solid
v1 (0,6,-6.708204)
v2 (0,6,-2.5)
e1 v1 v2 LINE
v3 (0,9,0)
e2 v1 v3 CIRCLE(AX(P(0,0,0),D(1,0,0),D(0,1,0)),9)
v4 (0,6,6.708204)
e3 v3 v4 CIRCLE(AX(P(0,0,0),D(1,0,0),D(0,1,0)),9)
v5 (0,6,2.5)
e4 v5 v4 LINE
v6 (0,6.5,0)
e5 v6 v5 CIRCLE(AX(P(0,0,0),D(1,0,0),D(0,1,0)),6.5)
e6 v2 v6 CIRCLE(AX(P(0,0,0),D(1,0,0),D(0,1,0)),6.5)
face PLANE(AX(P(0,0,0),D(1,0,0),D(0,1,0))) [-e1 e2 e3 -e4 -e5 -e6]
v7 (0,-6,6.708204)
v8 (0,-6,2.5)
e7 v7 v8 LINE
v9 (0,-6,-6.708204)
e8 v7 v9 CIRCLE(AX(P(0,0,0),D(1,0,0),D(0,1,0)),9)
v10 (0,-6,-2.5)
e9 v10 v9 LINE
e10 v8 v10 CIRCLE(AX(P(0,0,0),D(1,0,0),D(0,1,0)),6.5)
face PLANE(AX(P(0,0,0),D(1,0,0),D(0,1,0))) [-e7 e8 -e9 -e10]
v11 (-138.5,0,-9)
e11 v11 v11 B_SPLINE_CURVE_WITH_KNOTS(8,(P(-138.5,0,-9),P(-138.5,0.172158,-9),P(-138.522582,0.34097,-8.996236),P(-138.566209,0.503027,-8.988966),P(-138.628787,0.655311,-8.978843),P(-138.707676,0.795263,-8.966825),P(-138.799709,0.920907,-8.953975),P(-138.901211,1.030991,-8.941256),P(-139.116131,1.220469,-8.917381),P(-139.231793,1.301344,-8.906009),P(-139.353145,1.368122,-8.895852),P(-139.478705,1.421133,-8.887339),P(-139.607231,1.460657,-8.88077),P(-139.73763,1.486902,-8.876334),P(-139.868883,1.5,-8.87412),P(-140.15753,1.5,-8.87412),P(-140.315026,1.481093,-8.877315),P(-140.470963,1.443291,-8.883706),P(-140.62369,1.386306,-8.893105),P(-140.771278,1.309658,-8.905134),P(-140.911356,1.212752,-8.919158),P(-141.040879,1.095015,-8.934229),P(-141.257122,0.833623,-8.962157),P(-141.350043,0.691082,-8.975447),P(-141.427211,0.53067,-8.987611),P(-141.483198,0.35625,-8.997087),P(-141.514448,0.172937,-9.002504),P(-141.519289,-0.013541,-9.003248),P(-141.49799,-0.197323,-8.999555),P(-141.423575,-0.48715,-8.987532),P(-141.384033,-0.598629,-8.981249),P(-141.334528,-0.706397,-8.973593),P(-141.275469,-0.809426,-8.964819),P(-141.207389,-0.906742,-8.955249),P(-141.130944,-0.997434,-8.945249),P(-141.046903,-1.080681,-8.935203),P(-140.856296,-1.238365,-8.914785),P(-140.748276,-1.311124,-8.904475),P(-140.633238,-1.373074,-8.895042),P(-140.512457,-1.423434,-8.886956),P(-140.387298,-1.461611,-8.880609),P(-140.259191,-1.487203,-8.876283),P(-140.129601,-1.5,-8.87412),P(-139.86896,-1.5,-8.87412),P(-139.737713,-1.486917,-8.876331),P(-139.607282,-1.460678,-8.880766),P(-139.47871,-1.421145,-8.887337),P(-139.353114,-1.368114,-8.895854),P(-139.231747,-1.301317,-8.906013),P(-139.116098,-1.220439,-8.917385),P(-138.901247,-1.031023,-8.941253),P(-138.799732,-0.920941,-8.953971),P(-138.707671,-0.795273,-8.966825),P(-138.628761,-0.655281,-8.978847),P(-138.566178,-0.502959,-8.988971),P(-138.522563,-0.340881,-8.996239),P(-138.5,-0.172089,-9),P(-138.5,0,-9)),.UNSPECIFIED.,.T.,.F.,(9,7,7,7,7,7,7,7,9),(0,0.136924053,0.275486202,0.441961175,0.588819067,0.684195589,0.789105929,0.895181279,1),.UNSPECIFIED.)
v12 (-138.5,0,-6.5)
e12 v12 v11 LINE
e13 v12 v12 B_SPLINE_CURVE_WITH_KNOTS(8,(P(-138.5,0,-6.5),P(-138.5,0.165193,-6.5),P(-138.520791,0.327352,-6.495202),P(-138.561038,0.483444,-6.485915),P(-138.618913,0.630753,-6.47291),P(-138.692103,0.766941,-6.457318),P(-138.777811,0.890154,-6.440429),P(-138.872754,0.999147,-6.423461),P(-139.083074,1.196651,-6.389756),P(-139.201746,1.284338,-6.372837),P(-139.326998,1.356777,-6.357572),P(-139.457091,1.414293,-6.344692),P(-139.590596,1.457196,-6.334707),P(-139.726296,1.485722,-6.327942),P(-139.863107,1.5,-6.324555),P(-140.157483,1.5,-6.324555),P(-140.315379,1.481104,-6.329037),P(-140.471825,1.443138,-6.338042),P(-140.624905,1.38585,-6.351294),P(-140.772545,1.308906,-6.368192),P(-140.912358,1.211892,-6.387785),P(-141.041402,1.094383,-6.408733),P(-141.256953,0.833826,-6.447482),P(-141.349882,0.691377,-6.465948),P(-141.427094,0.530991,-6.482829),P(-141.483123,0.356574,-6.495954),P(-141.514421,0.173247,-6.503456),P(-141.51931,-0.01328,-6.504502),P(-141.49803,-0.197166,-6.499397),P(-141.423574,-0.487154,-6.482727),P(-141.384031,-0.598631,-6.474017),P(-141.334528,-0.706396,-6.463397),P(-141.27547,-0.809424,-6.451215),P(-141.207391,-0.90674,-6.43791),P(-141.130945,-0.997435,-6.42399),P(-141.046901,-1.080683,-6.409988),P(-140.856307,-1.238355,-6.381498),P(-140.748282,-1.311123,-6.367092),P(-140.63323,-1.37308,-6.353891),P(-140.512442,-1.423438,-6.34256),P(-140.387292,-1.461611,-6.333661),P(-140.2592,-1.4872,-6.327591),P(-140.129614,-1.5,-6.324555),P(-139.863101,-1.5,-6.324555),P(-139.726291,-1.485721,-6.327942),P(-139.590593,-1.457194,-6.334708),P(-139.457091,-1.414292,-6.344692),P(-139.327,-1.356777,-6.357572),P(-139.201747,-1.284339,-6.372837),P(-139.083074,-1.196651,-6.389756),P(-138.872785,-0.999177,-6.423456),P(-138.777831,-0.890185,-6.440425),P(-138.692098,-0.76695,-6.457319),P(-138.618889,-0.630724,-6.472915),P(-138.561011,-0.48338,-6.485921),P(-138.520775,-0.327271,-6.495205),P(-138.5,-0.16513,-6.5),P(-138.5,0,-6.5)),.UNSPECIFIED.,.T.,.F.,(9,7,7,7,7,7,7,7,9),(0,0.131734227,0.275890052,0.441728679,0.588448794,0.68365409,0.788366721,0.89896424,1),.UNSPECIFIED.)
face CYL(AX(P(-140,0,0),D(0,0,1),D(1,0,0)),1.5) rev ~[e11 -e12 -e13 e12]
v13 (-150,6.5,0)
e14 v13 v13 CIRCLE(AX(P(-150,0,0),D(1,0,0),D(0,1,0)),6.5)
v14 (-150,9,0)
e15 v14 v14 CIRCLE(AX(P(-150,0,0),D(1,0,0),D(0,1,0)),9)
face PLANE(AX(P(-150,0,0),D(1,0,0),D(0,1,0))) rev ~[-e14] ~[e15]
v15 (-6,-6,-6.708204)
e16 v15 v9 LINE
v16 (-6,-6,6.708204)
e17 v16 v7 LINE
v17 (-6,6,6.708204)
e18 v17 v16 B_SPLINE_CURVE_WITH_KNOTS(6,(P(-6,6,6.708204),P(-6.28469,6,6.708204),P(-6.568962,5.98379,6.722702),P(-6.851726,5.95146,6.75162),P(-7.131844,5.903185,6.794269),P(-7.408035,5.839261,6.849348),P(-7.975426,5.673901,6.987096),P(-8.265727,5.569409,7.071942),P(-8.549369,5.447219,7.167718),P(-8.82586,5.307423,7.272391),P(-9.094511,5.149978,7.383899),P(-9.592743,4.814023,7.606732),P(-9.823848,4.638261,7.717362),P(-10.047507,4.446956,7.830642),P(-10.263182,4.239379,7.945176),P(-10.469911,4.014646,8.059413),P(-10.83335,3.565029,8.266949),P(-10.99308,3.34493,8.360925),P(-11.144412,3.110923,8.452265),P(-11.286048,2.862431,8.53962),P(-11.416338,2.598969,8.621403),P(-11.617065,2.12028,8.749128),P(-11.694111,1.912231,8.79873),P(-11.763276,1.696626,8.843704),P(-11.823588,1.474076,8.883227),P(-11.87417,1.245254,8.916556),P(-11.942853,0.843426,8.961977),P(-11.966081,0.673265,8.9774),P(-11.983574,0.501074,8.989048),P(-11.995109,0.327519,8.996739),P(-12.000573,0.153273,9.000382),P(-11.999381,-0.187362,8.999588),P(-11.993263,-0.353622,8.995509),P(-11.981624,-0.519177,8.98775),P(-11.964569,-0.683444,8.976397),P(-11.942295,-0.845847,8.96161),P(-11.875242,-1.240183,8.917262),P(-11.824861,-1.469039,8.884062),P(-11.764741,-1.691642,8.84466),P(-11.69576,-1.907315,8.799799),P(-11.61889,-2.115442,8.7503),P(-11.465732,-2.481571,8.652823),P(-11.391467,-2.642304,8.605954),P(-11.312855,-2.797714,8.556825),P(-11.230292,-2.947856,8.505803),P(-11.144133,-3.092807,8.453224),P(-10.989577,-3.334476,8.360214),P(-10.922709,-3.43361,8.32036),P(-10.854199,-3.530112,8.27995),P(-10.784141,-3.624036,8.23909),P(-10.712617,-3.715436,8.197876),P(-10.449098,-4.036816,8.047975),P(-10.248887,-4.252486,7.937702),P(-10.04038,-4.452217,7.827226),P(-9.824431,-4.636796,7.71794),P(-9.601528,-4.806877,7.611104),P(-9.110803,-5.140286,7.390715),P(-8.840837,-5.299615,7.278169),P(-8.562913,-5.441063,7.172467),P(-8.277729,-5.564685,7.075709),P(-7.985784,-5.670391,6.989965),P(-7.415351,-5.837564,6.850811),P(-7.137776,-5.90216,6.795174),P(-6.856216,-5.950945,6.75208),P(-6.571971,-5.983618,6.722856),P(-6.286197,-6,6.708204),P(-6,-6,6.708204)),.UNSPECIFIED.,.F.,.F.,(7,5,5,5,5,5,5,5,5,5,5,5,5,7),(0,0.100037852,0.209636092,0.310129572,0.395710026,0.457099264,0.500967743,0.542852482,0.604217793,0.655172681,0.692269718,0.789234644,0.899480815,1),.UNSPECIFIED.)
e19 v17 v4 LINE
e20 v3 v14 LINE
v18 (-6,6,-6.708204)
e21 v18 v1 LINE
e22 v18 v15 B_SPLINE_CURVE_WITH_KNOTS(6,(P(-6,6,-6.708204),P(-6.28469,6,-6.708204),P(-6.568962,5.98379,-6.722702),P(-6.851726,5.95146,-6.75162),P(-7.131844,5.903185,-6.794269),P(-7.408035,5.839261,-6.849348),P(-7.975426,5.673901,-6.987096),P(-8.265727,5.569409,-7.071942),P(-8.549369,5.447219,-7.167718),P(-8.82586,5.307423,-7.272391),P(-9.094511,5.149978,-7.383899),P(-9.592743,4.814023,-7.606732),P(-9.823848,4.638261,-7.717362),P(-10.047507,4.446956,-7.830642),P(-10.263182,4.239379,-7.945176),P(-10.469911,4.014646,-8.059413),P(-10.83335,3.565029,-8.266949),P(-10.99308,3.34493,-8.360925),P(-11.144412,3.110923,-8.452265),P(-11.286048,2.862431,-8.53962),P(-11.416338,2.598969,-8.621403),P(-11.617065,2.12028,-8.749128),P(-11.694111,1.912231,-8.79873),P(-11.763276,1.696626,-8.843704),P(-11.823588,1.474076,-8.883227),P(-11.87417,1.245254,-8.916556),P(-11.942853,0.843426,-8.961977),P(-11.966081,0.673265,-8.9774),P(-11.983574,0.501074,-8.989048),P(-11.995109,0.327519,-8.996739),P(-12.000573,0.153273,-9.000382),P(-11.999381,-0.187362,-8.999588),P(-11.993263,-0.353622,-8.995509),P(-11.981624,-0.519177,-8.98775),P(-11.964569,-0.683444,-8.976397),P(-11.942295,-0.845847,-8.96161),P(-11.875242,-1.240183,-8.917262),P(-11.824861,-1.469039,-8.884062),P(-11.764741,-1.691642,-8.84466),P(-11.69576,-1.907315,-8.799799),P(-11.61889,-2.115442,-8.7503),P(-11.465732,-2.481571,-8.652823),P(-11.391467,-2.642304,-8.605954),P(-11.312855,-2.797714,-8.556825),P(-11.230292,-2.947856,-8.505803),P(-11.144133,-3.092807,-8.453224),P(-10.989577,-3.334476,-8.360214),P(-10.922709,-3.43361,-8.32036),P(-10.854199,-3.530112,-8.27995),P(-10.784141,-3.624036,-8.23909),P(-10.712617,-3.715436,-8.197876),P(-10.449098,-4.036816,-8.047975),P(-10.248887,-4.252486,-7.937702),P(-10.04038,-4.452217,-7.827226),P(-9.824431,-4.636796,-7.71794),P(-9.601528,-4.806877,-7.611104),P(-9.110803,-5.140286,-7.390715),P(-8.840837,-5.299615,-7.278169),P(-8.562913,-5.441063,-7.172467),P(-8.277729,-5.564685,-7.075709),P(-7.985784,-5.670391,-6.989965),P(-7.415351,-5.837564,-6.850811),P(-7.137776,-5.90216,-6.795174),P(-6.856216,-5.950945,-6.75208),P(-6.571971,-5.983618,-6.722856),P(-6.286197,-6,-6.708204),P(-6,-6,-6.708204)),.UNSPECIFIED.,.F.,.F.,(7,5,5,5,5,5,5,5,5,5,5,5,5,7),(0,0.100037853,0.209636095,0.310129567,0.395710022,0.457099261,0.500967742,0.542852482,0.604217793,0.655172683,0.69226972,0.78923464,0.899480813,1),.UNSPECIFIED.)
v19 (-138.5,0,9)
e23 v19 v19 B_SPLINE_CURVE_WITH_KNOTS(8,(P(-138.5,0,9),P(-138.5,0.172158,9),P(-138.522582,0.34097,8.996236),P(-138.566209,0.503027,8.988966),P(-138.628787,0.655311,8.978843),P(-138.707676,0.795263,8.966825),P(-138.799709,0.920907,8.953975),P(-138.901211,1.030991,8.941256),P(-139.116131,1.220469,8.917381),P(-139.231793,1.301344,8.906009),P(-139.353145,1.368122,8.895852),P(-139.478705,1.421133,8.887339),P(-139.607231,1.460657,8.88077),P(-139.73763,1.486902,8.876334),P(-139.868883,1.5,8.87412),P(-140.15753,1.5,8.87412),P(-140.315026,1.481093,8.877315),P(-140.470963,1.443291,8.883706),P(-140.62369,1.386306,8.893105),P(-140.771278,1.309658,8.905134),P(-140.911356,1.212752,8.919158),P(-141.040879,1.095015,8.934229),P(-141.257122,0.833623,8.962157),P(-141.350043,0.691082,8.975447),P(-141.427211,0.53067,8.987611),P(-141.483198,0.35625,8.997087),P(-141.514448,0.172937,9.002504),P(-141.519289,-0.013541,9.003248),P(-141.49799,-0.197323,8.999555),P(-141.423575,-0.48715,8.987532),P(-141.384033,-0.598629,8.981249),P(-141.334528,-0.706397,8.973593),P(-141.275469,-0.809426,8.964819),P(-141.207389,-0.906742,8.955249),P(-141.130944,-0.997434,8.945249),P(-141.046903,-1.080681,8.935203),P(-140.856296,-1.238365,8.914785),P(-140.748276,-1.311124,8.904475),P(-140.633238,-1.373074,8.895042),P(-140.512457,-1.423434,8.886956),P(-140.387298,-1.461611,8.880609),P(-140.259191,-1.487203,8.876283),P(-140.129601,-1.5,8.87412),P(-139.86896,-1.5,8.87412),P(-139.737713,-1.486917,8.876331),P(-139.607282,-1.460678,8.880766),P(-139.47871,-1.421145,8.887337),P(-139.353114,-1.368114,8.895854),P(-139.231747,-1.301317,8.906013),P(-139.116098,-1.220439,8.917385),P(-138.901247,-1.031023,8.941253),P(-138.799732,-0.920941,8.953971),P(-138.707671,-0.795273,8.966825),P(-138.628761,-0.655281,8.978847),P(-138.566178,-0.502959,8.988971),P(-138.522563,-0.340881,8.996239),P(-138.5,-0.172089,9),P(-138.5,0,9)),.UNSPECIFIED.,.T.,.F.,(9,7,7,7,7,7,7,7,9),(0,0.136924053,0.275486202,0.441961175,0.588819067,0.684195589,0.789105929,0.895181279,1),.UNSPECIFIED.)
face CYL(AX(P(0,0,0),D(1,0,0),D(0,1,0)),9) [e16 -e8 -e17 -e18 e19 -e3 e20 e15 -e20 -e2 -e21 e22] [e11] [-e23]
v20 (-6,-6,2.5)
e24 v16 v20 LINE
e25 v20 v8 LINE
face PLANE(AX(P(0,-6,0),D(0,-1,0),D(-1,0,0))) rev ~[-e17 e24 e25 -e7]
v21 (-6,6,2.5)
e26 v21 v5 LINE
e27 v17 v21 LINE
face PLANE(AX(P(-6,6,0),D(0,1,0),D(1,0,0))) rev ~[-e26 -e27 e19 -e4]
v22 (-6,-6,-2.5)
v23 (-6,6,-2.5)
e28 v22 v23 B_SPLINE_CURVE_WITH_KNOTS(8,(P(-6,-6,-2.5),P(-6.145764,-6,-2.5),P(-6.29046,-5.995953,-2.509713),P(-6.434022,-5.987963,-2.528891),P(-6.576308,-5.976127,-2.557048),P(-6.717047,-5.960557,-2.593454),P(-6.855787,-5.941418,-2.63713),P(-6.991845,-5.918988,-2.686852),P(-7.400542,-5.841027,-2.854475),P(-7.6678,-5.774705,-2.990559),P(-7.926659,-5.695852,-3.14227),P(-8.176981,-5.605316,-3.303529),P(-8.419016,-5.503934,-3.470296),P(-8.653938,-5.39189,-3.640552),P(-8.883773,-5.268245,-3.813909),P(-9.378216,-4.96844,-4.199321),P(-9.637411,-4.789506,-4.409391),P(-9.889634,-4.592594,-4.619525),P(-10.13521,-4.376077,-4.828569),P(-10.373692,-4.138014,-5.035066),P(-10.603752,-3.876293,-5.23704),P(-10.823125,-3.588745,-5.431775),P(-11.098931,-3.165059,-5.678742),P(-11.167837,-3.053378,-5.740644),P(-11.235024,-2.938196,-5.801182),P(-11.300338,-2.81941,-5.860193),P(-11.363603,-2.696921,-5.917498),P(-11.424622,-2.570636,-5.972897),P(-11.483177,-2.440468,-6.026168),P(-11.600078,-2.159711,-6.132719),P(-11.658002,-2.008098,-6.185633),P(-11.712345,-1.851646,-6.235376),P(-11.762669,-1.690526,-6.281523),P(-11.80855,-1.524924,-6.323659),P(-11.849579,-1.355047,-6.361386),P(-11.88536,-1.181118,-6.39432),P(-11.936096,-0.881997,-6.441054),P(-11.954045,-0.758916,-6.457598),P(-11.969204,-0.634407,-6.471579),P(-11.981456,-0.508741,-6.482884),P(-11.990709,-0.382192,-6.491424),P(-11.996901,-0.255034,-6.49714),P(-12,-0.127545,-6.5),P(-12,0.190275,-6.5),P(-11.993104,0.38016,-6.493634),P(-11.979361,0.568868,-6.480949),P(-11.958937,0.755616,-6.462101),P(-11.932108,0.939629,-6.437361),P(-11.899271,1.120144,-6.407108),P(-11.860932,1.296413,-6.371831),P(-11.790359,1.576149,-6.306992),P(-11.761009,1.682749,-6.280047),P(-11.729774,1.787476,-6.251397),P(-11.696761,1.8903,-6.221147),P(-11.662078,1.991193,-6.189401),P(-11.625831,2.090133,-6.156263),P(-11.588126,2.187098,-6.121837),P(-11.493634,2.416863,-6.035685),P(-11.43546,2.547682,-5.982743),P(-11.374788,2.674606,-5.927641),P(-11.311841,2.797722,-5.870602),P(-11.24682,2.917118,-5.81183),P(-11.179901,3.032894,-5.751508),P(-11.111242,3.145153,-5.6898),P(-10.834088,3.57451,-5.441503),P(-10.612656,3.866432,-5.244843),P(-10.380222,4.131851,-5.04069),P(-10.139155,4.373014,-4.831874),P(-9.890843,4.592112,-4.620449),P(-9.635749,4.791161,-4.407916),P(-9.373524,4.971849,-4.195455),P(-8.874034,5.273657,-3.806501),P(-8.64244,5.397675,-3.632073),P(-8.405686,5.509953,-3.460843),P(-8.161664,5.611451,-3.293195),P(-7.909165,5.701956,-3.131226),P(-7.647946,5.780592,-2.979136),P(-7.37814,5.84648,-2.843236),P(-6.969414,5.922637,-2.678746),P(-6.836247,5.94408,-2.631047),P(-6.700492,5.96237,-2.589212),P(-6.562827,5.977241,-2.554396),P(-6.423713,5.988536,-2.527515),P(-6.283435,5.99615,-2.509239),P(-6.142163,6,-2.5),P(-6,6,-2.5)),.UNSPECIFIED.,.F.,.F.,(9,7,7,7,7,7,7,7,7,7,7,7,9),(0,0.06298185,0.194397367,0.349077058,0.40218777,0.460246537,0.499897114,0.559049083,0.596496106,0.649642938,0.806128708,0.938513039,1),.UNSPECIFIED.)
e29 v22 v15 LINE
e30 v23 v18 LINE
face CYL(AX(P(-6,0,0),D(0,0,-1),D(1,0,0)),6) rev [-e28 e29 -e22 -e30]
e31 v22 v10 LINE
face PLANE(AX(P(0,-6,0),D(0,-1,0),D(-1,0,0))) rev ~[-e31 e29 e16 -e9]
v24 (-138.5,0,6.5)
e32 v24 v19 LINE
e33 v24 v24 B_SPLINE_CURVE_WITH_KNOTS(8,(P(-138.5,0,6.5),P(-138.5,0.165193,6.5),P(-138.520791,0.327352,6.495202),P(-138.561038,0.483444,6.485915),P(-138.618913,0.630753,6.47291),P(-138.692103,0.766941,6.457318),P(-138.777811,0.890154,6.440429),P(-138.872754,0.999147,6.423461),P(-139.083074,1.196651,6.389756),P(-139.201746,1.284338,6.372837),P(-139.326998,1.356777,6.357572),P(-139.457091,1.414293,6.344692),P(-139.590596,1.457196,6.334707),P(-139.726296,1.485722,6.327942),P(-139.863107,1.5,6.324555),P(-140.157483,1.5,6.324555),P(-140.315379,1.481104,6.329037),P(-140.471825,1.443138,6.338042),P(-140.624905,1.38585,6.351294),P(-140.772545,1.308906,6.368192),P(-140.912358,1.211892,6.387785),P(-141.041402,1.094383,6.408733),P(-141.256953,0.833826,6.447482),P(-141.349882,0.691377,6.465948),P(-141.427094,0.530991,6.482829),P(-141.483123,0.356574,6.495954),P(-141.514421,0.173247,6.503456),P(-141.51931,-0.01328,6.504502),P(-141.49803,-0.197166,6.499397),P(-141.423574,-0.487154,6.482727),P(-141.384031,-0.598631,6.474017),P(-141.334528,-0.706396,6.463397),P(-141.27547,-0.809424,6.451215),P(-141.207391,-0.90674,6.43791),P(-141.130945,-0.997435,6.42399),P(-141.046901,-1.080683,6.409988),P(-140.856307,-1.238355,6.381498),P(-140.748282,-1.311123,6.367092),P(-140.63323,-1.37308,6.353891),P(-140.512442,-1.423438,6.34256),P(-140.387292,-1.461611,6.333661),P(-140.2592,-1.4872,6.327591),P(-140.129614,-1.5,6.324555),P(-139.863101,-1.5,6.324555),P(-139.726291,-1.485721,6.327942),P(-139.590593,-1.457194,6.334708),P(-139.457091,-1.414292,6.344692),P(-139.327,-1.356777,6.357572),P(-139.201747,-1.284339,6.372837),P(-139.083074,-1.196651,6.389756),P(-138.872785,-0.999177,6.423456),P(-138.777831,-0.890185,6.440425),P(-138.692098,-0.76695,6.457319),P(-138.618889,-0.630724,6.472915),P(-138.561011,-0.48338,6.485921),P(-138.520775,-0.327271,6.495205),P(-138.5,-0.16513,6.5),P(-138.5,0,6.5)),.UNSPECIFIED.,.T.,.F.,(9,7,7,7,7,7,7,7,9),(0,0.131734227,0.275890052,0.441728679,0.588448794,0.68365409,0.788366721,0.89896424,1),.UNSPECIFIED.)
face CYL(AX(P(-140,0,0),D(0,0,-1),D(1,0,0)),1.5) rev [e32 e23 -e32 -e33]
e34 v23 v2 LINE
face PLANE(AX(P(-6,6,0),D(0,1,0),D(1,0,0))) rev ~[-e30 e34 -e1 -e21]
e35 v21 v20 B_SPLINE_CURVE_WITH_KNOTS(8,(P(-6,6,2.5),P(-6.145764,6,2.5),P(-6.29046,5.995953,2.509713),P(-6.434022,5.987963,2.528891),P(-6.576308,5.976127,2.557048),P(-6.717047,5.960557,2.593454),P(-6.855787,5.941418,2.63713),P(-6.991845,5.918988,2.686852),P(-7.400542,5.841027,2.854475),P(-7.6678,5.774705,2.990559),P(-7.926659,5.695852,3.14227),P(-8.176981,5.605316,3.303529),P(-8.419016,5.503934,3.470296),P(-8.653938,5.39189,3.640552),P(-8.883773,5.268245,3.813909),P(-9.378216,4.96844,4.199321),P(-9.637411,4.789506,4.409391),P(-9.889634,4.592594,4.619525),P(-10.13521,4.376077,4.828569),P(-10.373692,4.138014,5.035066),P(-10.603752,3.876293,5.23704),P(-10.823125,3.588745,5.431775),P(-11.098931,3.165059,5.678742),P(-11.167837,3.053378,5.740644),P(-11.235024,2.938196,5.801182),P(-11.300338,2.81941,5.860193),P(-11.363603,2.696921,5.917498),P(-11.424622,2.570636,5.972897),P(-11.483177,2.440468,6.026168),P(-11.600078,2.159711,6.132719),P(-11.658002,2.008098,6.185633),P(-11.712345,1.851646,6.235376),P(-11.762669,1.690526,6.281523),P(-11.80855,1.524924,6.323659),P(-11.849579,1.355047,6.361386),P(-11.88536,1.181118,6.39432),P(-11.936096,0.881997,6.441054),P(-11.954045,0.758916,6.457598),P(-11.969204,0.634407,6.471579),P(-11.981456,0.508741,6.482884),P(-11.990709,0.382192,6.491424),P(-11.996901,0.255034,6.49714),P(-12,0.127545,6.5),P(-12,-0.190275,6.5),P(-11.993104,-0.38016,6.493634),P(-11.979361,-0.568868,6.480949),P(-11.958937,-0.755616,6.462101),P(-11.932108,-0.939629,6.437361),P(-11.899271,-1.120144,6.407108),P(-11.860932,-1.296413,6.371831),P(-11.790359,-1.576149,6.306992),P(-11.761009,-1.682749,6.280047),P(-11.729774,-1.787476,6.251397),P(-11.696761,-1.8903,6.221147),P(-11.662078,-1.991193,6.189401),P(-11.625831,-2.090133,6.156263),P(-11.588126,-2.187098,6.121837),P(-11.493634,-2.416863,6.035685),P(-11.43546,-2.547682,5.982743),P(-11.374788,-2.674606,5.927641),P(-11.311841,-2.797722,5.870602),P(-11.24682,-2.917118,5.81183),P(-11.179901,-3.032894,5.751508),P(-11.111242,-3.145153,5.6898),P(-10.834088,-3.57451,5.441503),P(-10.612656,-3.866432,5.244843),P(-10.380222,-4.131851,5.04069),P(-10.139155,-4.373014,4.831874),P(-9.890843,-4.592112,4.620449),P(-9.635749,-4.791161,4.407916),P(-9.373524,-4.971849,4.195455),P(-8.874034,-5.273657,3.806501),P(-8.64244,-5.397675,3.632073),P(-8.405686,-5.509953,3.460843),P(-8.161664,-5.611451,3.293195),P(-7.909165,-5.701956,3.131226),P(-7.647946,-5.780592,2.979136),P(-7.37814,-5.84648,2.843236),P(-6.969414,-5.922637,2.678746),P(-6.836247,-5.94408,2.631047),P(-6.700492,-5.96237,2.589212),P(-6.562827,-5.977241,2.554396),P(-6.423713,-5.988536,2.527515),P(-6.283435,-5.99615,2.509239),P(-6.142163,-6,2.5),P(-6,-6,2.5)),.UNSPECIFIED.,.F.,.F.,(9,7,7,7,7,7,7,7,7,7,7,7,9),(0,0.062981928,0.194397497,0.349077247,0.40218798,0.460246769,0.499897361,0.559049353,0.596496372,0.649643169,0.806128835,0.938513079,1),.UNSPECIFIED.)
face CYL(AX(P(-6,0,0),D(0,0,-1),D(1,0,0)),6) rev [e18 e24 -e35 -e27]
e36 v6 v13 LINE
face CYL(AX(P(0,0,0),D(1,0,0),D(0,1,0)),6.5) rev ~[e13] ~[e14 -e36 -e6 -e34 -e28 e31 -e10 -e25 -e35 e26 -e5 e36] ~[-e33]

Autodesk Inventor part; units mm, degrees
ref_plane "YZ Plane" through (0, 0, 0) normal (1, 0, 0) x (0, 1, 0)
ref_plane "XZ Plane" through (0, 0, 0) normal (0, 1, 0) x (-1, 0, 0)
ref_plane "XY Plane" through (0, 0, 0) normal (0, 0, 1) x (1, 0, 0)
sketch "スケッチ1" plane through (0, 0, 0) normal (1, 0, 0) x (0, 1, 0)
  circle A0 centre (0, 0) radius 9
  circle A1 centre (0, 0) radius 6.5
  dimension "d0" = 18
  dimension "d1" = 13
extrude "押し出し1" add sketch "スケッチ1" against normal blind 150
sketch "スケッチ2" plane through (0, 0, 0) normal (0, 0, 1) x (1, 0, 0)
  point P0 (0, 0)
sketch "スケッチ3" plane through (0, 0, 0) normal (0, 0, 1) x (1, 0, 0)
  line L0 (0, 0) -> (0, 6)
  line L1 (0, -9) -> (0, 9) projected
  line L2 (0, 0) -> (0, -6)
  line L3 (0, -6) -> (-6, -6)
  line L4 (-6, -6) -> (-6, 6)
  line L5 (-6, 6) -> (0, 6)
  dimension "d4" = 6
  dimension "d5" = 6
  dimension "d6" = 6
extrude "押し出し2" cut sketch "スケッチ3" along normal mid plane 150
sketch "スケッチ4" plane through (0, 0, 0) normal (0, 0, 1) x (1, 0, 0)
  line L0 (-6, -6) -> (-6, 6) projected
  circle A0 centre (-6, 0) radius 6
  point P0 (0, 0)
extrude "押し出し3" cut sketch "スケッチ4" along normal mid plane 150 contours A0 L0 picked at (-9.4508, 1.581)
sketch "スケッチ5" plane through (0, 0, 0) normal (0, 0, 1) x (1, 0, 0)
  circle A0 centre (-140, 0) radius 1.5
  point P0 (0, 0)
  dimension "d11" = 3
extrude "押し出し4" cut sketch "スケッチ5" along normal mid plane 150
thread "ねじ1" size "M3x0.5" class "6H" standard "ANSI Metric M Profile" full length
thread "ねじ2" size "M3x0.5" class "6H" standard "ANSI Metric M Profile" full length
properties part number "vp13_150" material "PVC 配管"
